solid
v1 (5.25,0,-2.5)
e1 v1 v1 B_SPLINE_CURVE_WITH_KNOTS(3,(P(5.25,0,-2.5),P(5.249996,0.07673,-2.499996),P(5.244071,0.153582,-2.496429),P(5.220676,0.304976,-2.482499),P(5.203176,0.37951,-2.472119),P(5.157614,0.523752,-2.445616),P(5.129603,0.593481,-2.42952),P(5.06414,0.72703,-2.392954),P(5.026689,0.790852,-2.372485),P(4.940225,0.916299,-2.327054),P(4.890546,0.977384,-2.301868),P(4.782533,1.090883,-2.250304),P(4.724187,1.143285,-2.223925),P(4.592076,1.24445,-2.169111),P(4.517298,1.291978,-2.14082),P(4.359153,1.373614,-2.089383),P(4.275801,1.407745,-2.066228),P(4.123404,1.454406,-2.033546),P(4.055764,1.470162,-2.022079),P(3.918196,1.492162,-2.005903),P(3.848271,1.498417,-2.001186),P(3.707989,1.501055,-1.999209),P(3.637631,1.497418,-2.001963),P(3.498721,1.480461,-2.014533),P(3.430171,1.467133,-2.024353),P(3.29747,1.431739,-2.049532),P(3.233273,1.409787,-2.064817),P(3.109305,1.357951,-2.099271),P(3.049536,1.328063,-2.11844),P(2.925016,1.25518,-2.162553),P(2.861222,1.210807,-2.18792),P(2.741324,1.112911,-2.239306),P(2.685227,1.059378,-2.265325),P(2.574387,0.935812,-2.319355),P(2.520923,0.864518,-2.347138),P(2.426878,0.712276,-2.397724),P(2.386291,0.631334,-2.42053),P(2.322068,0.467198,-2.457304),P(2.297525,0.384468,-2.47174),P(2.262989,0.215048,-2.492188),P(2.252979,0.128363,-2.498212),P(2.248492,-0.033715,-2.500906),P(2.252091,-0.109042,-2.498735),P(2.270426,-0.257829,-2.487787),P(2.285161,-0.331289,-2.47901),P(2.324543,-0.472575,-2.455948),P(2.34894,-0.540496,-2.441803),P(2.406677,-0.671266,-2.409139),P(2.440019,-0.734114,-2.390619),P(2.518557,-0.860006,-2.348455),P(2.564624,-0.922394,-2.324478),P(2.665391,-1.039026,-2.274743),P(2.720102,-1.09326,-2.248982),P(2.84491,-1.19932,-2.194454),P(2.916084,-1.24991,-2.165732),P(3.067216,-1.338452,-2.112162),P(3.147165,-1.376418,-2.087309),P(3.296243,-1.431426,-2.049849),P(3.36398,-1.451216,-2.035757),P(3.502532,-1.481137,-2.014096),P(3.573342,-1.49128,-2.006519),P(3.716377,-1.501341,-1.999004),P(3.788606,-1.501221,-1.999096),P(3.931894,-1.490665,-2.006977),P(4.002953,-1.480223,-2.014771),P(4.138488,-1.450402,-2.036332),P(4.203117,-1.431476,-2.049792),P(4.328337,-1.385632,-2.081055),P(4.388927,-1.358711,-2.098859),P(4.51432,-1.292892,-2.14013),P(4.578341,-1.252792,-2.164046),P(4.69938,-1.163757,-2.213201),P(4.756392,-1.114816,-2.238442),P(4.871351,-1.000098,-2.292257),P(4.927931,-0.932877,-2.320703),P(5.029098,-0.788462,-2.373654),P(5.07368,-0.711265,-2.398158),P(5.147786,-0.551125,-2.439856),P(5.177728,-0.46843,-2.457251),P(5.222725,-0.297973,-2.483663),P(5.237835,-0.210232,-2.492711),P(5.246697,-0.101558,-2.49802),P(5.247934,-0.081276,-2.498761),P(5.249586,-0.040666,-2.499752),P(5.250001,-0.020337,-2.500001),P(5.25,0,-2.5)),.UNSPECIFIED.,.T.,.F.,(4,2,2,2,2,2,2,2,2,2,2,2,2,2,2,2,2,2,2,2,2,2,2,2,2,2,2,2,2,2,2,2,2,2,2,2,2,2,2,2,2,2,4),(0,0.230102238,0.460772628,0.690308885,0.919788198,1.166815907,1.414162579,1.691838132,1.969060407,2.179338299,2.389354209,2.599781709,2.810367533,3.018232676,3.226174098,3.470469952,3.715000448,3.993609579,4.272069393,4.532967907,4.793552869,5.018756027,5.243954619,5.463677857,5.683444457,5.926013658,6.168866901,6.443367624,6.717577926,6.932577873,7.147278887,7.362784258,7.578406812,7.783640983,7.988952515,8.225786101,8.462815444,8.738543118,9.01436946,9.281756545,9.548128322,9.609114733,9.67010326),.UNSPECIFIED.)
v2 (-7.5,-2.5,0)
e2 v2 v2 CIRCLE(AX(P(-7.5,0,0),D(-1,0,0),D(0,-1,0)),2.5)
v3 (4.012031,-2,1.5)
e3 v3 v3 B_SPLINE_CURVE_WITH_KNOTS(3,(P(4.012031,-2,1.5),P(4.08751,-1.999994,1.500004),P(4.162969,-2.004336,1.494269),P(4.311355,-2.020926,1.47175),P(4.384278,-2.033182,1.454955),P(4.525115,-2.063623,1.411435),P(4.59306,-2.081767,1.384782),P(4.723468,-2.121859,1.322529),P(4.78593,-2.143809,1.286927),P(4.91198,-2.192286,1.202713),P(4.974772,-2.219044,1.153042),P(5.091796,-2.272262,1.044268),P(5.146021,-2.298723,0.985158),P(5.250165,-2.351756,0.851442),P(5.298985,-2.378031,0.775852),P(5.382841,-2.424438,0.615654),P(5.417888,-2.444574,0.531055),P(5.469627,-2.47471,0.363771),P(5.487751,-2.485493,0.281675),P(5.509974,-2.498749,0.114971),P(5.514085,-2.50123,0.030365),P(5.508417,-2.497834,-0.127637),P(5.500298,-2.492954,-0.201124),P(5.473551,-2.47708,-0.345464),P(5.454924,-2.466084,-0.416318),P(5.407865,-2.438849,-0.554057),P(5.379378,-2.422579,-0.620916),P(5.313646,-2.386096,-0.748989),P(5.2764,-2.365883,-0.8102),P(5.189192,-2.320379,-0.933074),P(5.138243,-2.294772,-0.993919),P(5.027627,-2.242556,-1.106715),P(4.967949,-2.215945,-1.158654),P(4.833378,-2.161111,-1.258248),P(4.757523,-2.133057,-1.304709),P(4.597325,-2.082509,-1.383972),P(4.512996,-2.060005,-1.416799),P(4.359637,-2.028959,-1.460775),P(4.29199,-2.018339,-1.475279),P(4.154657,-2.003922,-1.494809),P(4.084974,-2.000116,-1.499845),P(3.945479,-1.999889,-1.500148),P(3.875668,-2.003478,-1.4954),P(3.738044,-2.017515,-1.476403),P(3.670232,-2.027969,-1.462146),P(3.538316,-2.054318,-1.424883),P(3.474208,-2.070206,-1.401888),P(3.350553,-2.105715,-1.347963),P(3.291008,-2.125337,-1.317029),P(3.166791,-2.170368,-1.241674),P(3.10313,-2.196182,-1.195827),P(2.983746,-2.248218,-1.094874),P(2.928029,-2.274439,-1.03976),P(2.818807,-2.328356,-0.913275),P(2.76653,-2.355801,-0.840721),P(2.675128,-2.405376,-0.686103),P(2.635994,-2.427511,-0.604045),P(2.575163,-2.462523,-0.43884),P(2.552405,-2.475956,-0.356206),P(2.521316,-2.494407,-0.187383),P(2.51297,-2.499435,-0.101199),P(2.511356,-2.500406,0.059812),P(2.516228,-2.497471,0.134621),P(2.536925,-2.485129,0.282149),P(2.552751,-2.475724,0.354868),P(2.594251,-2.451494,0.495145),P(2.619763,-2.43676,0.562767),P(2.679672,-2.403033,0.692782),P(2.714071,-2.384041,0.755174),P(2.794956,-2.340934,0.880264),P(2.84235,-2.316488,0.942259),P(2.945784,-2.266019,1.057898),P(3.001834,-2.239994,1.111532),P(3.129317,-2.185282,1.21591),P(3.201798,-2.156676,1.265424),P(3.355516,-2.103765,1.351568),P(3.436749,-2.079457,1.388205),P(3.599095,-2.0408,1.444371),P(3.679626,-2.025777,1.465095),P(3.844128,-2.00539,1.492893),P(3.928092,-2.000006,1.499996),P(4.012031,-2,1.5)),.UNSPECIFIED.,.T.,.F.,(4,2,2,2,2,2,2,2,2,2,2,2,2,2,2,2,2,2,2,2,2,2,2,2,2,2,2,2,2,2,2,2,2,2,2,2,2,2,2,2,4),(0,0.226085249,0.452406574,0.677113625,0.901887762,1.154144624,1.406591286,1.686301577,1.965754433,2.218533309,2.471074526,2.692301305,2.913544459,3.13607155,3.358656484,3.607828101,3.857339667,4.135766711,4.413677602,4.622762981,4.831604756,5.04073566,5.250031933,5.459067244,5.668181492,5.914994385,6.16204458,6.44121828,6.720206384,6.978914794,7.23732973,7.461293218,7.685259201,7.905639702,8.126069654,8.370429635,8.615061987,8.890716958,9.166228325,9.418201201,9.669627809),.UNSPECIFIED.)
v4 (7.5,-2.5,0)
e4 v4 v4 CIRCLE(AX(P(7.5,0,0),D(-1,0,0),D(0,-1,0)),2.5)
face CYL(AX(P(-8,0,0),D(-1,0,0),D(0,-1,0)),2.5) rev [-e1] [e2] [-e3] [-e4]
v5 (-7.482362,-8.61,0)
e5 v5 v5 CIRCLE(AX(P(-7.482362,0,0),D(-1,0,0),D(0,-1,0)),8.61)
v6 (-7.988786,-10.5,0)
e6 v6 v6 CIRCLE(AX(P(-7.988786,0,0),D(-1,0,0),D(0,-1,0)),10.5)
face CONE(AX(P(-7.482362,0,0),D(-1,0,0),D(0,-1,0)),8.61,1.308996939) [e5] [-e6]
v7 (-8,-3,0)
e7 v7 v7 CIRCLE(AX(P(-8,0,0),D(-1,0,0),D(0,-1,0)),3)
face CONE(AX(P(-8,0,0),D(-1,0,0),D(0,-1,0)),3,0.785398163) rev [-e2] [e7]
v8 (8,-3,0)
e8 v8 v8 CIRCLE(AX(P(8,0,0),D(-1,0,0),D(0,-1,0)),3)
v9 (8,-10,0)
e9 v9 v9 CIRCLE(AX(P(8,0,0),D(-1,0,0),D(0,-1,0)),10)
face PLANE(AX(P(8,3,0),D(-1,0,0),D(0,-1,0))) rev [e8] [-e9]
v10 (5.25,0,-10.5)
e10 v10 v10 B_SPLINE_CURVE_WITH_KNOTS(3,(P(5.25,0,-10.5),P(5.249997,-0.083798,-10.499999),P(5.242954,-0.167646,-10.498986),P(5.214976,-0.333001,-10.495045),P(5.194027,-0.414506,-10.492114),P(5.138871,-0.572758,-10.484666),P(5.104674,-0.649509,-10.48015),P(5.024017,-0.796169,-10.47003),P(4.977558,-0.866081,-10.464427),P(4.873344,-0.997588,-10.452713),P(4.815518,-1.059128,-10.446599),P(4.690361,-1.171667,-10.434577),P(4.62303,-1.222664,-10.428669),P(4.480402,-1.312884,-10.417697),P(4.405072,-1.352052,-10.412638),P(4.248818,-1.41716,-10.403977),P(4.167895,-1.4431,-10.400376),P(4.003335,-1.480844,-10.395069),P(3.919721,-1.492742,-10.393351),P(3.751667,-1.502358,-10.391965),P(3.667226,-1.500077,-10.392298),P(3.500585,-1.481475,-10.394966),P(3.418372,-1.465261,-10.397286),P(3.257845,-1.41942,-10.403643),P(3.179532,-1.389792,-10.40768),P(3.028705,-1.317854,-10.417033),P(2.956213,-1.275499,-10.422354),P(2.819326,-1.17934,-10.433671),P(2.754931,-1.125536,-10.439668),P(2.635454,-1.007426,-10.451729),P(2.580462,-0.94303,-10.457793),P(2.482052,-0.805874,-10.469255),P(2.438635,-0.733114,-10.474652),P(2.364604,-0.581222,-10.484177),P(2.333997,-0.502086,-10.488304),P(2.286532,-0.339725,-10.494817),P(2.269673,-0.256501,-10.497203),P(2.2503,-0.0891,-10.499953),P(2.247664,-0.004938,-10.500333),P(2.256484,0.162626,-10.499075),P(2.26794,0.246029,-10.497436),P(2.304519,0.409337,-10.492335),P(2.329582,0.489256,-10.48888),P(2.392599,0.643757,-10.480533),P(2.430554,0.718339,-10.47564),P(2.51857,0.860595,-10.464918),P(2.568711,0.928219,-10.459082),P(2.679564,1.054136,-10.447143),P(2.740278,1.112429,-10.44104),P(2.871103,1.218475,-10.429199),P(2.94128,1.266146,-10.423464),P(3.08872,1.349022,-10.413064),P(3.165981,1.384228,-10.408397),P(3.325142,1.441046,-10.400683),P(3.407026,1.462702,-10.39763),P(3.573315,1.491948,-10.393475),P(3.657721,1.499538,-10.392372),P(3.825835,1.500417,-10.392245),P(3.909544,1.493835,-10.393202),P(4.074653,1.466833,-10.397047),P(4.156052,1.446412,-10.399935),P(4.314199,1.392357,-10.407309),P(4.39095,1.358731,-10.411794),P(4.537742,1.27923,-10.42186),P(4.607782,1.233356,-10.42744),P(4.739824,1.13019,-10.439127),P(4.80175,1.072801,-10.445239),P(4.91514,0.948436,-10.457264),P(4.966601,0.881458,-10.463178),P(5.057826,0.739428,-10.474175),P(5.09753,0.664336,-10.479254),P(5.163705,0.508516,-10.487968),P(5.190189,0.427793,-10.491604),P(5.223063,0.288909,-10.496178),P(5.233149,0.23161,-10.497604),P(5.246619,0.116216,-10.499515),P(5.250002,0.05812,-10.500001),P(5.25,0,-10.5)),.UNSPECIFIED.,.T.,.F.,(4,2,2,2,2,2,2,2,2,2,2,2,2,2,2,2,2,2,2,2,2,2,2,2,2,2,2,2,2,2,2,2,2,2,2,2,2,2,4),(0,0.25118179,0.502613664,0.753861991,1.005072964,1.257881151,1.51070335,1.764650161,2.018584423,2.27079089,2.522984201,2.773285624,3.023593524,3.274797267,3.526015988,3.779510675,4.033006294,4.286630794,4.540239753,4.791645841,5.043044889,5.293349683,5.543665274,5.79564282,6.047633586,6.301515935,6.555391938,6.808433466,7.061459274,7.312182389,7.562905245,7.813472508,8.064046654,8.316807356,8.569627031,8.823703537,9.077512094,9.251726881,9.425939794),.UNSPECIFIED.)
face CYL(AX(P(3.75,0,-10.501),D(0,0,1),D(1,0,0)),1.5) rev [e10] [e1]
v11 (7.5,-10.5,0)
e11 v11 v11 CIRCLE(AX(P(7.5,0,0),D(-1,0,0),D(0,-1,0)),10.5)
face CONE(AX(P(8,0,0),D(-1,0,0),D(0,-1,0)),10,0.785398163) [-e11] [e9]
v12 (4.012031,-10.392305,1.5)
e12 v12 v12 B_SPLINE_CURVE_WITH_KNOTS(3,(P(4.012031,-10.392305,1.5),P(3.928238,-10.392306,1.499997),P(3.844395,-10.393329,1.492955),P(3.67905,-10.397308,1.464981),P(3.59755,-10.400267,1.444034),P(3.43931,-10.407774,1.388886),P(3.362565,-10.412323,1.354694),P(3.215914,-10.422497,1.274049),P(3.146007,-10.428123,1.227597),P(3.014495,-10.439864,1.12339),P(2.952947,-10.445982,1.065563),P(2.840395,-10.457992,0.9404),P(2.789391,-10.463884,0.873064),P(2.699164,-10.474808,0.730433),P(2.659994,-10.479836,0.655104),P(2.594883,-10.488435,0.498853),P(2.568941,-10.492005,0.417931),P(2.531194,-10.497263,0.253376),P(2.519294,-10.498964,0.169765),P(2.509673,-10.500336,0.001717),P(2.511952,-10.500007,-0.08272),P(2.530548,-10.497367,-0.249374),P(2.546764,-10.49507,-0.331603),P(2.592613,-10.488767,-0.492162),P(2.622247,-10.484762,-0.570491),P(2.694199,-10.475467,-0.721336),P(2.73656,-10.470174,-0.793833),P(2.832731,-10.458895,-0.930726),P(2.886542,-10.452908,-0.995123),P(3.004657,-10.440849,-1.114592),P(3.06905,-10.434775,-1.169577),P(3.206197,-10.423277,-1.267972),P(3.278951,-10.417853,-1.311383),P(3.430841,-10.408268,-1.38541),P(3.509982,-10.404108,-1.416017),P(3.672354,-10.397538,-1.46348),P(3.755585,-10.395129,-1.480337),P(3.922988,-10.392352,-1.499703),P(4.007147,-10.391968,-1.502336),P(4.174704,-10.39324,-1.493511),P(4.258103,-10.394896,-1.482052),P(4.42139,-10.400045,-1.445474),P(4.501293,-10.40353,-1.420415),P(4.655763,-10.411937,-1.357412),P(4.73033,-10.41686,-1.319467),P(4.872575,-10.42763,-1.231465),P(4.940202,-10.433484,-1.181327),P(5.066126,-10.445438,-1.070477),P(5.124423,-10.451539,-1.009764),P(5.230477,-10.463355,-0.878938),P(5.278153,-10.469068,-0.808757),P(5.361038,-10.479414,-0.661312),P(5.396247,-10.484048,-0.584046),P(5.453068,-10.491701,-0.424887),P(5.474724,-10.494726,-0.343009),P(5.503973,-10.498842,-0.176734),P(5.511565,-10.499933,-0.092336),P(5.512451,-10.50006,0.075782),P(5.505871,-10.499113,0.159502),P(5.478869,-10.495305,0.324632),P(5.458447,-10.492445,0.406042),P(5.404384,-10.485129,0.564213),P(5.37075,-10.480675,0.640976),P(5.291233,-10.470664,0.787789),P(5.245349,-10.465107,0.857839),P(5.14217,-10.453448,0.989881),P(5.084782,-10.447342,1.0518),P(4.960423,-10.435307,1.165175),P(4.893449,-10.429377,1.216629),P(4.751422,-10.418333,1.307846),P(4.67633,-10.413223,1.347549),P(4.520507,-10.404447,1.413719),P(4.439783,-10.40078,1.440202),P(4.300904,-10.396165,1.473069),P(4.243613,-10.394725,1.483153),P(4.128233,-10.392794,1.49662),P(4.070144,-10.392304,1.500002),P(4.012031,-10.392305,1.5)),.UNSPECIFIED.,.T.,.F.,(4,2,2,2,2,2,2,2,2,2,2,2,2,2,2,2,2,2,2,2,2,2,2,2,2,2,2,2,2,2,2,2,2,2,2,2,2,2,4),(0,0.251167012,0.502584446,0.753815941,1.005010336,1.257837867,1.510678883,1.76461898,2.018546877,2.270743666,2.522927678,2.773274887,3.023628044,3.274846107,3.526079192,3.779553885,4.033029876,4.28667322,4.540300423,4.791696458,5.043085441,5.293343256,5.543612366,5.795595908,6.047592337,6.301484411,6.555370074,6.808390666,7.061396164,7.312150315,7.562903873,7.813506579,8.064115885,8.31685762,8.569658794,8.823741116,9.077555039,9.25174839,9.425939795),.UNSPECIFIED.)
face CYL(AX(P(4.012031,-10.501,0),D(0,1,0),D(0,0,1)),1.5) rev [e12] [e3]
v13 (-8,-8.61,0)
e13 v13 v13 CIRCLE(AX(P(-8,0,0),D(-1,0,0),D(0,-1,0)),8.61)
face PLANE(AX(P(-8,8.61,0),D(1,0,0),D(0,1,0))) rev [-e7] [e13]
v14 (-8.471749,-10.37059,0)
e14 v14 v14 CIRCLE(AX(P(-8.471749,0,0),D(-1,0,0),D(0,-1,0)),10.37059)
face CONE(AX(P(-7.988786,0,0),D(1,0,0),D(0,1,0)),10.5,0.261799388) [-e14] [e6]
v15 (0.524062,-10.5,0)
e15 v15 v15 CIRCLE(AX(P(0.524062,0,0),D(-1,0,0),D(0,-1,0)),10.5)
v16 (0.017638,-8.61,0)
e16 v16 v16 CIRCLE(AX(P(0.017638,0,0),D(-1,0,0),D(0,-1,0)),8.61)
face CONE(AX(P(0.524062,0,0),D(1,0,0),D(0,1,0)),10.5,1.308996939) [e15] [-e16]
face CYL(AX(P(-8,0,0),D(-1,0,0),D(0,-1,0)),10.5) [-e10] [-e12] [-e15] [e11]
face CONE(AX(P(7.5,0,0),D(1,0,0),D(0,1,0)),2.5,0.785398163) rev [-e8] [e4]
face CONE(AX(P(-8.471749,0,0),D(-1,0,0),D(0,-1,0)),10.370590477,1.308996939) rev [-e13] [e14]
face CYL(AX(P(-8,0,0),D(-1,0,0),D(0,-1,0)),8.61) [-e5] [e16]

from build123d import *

# Parameters (mm, degrees)
TAGLIO_ESTRUSIONE1_REACH      = 19.096
TAGLIO_ESTRUSIONE1_END_RADIUS = 10.5
SCHIZZO2_R                    = 1.5
TAGLIO_ESTRUSIONE2_REACH      = 19.096
TAGLIO_ESTRUSIONE2_END_RADIUS = 10.5
SCHIZZO3_R                    = 1.5


with BuildPart() as part:
    # Schizzo1 → Rivoluzione1 (revolve)
    with BuildSketch(Plane.XY, mode=Mode.PRIVATE) as rivoluzione1_sk:
        Polygon((-8, 3), (-7.5, 2.5), (7.5, 2.5), (8, 3), (8, 10), (7.5, 10.5), (0.524062064, 10.5), (0.01763809, 8.61), (-7.48236191, 8.61), (-7.988785883, 10.5), (-8.471748797, 10.370590477), (-8, 8.61), align=None)
    revolve(rivoluzione1_sk.sketch.rotate(Axis((-8, 0, 0), (1, 0, 0)), 180), axis=Axis((-8, 0, 0), (1, 0, 0)))

    # Taglio-Estrusione1: up to this cylinder (the profile starts inside it)
    taglio_estrusione1_end = Plane(origin=(3.75, 0, 0), z_dir=(-1, 0, 0)) * Cylinder(TAGLIO_ESTRUSIONE1_END_RADIUS, 60.192, mode=Mode.PRIVATE)
    # Schizzo2 → Taglio-Estrusione1 (cut, up to the surface)
    with BuildSketch(Plane.XY, mode=Mode.PRIVATE) as taglio_estrusione1_sk1:
        with Locations((3.75, 0)):
            Circle(SCHIZZO2_R)
    taglio_estrusione1_tool1 = extrude(taglio_estrusione1_sk1.sketch, amount=-TAGLIO_ESTRUSIONE1_REACH, mode=Mode.PRIVATE) & taglio_estrusione1_end
    add(taglio_estrusione1_tool1.solids().sort_by_distance((3.75, 0, 0))[0], mode=Mode.SUBTRACT)

    # Taglio-Estrusione2: up to this cylinder (the profile starts inside it)
    taglio_estrusione2_end = Plane(origin=(4.012031, 0, 0), z_dir=(-1, 0, 0)) * Cylinder(TAGLIO_ESTRUSIONE2_END_RADIUS, 60.192, mode=Mode.PRIVATE)
    # Schizzo3 → Taglio-Estrusione2 (cut, up to the surface)
    with BuildSketch(Plane(origin=(0, 0, 0), x_dir=(1, 0, 0), z_dir=(0, 1, 0)), mode=Mode.PRIVATE) as taglio_estrusione2_sk1:
        with Locations(Location((4.012031032, 0, 0), (0, 0, 270))):
            Circle(SCHIZZO3_R)
    taglio_estrusione2_tool1 = extrude(taglio_estrusione2_sk1.sketch, amount=-TAGLIO_ESTRUSIONE2_REACH, mode=Mode.PRIVATE) & taglio_estrusione2_end
    add(taglio_estrusione2_tool1.solids().sort_by_distance((4.012031, 0, 0))[0], mode=Mode.SUBTRACT)


solid = part.part
